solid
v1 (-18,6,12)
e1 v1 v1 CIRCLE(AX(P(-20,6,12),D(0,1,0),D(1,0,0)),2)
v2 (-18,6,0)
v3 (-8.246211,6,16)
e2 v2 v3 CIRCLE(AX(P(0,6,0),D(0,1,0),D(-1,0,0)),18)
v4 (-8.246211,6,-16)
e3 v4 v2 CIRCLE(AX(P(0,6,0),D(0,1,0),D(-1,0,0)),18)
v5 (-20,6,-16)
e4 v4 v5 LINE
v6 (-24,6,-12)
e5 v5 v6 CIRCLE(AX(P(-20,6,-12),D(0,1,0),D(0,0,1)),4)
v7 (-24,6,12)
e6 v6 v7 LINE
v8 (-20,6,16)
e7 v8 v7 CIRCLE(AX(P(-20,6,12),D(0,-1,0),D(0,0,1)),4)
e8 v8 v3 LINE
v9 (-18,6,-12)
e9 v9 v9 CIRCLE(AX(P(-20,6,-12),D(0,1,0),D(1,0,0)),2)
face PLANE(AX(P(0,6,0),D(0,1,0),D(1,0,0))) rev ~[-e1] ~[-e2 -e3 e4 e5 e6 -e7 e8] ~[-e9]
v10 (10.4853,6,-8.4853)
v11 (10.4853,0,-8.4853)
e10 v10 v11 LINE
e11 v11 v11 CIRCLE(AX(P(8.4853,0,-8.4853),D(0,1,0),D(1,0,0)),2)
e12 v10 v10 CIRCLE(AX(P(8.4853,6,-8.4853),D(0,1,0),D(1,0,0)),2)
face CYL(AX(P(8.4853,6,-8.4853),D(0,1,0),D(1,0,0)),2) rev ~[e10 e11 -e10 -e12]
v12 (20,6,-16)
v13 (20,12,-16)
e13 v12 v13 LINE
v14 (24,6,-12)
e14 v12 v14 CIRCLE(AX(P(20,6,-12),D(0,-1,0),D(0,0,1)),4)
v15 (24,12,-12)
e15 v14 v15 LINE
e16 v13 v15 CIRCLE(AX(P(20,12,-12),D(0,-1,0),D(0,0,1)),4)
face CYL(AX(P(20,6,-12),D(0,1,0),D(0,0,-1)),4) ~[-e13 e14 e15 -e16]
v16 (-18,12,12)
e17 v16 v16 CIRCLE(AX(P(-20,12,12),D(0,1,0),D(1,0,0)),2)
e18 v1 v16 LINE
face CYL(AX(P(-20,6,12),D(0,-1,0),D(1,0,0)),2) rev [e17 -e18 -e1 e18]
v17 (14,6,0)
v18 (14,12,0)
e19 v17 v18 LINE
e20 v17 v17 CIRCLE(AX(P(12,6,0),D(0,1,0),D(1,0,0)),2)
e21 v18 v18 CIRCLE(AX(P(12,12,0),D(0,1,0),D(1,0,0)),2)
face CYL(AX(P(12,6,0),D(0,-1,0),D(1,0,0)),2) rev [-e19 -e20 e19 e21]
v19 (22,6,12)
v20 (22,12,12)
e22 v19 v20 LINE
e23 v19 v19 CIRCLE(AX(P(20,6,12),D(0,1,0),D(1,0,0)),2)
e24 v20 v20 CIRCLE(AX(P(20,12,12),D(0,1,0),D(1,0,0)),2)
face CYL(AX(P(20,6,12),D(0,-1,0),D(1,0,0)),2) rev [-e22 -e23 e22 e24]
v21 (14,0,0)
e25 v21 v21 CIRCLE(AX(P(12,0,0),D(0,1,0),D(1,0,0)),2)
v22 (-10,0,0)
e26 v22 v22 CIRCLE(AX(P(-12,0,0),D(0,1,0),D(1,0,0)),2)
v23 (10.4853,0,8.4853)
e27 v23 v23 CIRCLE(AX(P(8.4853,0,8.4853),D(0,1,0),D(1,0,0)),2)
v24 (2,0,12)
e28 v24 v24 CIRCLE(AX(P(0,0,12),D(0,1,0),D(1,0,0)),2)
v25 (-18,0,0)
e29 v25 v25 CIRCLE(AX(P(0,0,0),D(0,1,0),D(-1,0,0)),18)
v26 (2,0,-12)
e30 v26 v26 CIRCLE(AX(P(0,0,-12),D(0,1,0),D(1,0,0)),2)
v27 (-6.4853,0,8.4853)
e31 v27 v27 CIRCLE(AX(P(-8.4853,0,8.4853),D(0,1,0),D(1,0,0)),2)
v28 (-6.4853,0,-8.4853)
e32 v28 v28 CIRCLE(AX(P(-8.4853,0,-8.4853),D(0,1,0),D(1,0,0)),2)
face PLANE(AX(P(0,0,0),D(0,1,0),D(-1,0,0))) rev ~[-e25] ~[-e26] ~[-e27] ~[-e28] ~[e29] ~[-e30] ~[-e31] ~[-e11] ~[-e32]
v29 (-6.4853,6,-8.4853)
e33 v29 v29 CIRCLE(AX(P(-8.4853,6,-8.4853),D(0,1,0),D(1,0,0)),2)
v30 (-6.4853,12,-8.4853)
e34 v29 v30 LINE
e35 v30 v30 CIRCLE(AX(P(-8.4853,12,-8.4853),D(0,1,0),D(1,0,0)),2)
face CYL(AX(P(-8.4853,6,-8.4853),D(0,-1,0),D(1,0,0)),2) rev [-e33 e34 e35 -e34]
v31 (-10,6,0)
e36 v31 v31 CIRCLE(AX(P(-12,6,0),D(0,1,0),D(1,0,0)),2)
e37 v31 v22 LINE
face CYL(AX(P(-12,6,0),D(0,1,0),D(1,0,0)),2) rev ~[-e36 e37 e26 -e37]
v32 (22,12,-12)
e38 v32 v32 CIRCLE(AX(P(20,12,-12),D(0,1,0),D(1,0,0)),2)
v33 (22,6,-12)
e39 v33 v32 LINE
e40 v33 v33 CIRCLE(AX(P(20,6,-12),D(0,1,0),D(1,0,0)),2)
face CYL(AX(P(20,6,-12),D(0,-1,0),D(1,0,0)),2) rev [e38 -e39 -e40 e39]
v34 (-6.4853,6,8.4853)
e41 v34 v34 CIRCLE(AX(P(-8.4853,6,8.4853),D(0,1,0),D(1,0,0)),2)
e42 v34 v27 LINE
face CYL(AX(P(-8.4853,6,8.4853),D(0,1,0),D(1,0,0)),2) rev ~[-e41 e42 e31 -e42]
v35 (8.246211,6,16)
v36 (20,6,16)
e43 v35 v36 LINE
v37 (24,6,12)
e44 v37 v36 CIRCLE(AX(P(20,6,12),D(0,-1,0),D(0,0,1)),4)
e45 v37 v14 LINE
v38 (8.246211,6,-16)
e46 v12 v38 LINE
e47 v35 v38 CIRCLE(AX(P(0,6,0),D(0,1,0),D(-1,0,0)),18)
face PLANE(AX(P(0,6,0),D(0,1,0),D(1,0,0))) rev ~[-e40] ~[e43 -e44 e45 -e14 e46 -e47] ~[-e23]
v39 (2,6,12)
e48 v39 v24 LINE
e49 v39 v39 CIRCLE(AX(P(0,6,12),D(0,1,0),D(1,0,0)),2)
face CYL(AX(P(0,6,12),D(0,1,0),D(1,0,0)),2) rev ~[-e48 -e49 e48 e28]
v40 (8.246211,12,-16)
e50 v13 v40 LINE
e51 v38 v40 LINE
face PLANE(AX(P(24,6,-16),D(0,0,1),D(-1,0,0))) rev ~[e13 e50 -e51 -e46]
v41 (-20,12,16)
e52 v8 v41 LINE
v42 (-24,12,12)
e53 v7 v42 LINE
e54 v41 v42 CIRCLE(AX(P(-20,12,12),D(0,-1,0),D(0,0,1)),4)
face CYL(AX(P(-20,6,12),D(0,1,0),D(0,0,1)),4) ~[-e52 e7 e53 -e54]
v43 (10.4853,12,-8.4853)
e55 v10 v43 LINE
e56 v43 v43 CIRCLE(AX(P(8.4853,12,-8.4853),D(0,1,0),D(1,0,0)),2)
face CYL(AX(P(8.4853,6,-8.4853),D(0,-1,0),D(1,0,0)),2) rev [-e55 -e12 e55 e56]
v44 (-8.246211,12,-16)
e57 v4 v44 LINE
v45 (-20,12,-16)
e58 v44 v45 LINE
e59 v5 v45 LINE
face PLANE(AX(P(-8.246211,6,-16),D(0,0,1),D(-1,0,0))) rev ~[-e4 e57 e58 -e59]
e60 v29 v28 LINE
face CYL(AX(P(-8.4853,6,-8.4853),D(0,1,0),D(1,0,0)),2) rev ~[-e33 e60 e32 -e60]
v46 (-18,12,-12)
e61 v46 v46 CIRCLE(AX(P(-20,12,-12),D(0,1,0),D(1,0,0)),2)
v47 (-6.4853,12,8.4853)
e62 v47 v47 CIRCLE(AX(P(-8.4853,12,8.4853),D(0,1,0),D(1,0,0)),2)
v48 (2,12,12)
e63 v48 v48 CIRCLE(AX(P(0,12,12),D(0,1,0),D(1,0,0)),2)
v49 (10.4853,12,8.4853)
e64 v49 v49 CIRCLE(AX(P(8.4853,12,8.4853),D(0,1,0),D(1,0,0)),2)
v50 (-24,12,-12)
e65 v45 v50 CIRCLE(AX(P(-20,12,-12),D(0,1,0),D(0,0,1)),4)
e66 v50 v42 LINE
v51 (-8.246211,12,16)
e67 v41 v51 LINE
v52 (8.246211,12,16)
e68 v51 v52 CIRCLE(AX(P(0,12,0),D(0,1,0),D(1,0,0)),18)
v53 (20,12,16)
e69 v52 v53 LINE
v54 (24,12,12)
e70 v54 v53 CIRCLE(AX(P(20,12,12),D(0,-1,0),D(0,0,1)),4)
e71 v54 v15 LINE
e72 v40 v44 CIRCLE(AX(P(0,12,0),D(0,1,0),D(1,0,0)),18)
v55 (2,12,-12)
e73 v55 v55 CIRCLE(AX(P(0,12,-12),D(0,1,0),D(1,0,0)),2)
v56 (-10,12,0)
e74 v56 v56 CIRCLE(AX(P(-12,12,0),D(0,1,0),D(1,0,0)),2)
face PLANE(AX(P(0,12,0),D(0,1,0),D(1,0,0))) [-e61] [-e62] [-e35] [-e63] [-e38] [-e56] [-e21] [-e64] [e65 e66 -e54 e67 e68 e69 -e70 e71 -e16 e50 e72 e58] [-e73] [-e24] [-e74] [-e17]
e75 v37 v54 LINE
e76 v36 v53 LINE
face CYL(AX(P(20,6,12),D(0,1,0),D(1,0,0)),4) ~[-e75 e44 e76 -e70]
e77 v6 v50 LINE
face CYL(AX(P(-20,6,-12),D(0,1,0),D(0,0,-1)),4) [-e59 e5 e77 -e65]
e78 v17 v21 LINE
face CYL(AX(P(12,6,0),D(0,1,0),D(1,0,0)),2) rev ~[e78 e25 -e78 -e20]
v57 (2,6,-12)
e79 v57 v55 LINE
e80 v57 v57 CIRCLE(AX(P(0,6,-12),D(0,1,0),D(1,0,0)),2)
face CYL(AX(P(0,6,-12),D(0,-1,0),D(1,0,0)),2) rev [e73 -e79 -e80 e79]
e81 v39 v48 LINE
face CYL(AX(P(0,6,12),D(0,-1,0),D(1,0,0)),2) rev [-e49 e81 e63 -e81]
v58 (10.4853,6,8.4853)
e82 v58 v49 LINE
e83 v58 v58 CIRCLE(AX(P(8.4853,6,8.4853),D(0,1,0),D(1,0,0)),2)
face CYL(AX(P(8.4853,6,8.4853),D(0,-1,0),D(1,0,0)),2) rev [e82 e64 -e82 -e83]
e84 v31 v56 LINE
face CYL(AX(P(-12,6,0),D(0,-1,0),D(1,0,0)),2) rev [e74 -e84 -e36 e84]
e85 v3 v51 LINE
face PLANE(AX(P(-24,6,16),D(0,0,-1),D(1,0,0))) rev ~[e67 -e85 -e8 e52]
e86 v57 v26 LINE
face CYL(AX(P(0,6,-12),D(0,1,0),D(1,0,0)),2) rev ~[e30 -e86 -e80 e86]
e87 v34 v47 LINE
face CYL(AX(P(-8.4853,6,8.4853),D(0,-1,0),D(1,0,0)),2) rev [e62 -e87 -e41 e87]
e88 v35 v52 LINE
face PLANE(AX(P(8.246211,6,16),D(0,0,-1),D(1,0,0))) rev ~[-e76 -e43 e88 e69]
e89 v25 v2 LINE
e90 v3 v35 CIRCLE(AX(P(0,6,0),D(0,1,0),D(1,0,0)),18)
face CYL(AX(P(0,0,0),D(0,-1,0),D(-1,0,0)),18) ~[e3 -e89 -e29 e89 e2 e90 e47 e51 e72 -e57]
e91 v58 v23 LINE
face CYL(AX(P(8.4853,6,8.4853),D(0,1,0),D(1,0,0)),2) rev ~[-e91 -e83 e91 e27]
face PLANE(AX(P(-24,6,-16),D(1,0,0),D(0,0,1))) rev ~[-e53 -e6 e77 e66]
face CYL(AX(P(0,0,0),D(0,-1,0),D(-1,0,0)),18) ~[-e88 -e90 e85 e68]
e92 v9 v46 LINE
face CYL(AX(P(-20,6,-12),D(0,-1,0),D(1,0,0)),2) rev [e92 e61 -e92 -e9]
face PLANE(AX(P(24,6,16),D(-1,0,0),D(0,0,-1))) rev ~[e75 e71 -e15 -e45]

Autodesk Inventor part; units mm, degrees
ref_plane "YZ Plane" through (0, 0, 0) normal (1, 0, 0) x (0, 1, 0)
ref_plane "XZ Plane" through (0, 0, 0) normal (0, 1, 0) x (-1, 0, 0)
ref_plane "XY Plane" through (0, 0, 0) normal (0, 0, 1) x (1, 0, 0)
sketch "Sketch1" plane through (0, 0, 0) normal (0, 1, 0) x (-1, 0, 0)
  circle A0 centre (0, 0) radius 18
  dimension "d0" = 36
extrude "Extrusion1" add sketch "Sketch1" along normal blind 6
sketch "Sketch2" plane through (0, 6, 0) normal (0, 1, 0) x (1, 0, 0)
  circle A0 centre (0, 12) radius 2
  circle A1 centre (-8.4853, 8.4853) radius 2
  circle A2 centre (-12, 0) radius 2
  circle A3 centre (-8.4853, -8.4853) radius 2
  circle A4 centre (0, -12) radius 2
  circle A5 centre (8.4853, -8.4853) radius 2
  circle A6 centre (12, 0) radius 2
  circle A7 centre (8.4853, 8.4853) radius 2
  point P0 (0, 0)
  dimension "d3" = 4
  dimension "d4" = 12
  dimension "d7" = 360
extrude "Extrusion2" cut sketch "Sketch2" against normal through all
sketch "Sketch3" plane through (0, 6, 0) normal (0, 1, 0) x (1, 0, 0)
  line L0 (-24, -16) -> (24, -16)
  line L1 (24, -16) -> (24, 16)
  line L2 (24, 16) -> (-24, 16)
  line L3 (-24, 16) -> (-24, -16)
  line L4 (-24, -16) -> (24, 16) construction
  line L5 (24, -16) -> (-24, 16) construction
  circle A0 centre (20, -12) radius 2
  line L6 (0, 0) -> (0, 16) construction
  line L7 (0, 0) -> (-24, 0) construction
  circle A1 centre (20, 12) radius 2
  circle A2 centre (-20, -12) radius 2
  circle A3 centre (-20, 12) radius 2
  circle A4 centre (0, 0) radius 18 projected
  circle A5 centre (0, -12) radius 2 projected
  circle A6 centre (12, 0) radius 2 projected
  circle A7 centre (-8.4853, 8.4853) radius 2 projected
  circle A8 centre (-8.4853, -8.4853) radius 2 projected
  circle A9 centre (-12, 0) radius 2 projected
  circle A10 centre (0, 12) radius 2 projected
  circle A11 centre (8.4853, -8.4853) radius 2 projected
  circle A12 centre (8.4853, 8.4853) radius 2 projected
  circle A13 centre (0, 0) radius 18 projected
  point P0 (-8.2462, 16)
  point P1 (-8.2462, -16)
  point P2 (8.2462, -16)
  point P3 (8.2462, 16)
  dimension "d11" = 48
  dimension "d12" = 32
  dimension "d13" = 4
  dimension "d14" = 20
  dimension "d15" = 12
extrude "Extrusion3" add sketch "Sketch3" along normal blind 6
fillet "Fillet1" radius 4 4 edges at (24, 9, -16) (24, 9, 16) (-24, 9, -16) (-24, 9, 16)
thread "Thread1" size "M4x0.7" class "6H" standard "ANSI Metric M Profile" full length
thread "Thread2" size "M4x0.7" class "6H" standard "ANSI Metric M Profile" full length
thread "Thread3" size "M4x0.7" class "6H" standard "ANSI Metric M Profile" full length
thread "Thread4" size "M4x0.7" class "6H" standard "ANSI Metric M Profile" full length
properties part number "ArmBearingClampingPlate1" material "Aluminum 6061"
